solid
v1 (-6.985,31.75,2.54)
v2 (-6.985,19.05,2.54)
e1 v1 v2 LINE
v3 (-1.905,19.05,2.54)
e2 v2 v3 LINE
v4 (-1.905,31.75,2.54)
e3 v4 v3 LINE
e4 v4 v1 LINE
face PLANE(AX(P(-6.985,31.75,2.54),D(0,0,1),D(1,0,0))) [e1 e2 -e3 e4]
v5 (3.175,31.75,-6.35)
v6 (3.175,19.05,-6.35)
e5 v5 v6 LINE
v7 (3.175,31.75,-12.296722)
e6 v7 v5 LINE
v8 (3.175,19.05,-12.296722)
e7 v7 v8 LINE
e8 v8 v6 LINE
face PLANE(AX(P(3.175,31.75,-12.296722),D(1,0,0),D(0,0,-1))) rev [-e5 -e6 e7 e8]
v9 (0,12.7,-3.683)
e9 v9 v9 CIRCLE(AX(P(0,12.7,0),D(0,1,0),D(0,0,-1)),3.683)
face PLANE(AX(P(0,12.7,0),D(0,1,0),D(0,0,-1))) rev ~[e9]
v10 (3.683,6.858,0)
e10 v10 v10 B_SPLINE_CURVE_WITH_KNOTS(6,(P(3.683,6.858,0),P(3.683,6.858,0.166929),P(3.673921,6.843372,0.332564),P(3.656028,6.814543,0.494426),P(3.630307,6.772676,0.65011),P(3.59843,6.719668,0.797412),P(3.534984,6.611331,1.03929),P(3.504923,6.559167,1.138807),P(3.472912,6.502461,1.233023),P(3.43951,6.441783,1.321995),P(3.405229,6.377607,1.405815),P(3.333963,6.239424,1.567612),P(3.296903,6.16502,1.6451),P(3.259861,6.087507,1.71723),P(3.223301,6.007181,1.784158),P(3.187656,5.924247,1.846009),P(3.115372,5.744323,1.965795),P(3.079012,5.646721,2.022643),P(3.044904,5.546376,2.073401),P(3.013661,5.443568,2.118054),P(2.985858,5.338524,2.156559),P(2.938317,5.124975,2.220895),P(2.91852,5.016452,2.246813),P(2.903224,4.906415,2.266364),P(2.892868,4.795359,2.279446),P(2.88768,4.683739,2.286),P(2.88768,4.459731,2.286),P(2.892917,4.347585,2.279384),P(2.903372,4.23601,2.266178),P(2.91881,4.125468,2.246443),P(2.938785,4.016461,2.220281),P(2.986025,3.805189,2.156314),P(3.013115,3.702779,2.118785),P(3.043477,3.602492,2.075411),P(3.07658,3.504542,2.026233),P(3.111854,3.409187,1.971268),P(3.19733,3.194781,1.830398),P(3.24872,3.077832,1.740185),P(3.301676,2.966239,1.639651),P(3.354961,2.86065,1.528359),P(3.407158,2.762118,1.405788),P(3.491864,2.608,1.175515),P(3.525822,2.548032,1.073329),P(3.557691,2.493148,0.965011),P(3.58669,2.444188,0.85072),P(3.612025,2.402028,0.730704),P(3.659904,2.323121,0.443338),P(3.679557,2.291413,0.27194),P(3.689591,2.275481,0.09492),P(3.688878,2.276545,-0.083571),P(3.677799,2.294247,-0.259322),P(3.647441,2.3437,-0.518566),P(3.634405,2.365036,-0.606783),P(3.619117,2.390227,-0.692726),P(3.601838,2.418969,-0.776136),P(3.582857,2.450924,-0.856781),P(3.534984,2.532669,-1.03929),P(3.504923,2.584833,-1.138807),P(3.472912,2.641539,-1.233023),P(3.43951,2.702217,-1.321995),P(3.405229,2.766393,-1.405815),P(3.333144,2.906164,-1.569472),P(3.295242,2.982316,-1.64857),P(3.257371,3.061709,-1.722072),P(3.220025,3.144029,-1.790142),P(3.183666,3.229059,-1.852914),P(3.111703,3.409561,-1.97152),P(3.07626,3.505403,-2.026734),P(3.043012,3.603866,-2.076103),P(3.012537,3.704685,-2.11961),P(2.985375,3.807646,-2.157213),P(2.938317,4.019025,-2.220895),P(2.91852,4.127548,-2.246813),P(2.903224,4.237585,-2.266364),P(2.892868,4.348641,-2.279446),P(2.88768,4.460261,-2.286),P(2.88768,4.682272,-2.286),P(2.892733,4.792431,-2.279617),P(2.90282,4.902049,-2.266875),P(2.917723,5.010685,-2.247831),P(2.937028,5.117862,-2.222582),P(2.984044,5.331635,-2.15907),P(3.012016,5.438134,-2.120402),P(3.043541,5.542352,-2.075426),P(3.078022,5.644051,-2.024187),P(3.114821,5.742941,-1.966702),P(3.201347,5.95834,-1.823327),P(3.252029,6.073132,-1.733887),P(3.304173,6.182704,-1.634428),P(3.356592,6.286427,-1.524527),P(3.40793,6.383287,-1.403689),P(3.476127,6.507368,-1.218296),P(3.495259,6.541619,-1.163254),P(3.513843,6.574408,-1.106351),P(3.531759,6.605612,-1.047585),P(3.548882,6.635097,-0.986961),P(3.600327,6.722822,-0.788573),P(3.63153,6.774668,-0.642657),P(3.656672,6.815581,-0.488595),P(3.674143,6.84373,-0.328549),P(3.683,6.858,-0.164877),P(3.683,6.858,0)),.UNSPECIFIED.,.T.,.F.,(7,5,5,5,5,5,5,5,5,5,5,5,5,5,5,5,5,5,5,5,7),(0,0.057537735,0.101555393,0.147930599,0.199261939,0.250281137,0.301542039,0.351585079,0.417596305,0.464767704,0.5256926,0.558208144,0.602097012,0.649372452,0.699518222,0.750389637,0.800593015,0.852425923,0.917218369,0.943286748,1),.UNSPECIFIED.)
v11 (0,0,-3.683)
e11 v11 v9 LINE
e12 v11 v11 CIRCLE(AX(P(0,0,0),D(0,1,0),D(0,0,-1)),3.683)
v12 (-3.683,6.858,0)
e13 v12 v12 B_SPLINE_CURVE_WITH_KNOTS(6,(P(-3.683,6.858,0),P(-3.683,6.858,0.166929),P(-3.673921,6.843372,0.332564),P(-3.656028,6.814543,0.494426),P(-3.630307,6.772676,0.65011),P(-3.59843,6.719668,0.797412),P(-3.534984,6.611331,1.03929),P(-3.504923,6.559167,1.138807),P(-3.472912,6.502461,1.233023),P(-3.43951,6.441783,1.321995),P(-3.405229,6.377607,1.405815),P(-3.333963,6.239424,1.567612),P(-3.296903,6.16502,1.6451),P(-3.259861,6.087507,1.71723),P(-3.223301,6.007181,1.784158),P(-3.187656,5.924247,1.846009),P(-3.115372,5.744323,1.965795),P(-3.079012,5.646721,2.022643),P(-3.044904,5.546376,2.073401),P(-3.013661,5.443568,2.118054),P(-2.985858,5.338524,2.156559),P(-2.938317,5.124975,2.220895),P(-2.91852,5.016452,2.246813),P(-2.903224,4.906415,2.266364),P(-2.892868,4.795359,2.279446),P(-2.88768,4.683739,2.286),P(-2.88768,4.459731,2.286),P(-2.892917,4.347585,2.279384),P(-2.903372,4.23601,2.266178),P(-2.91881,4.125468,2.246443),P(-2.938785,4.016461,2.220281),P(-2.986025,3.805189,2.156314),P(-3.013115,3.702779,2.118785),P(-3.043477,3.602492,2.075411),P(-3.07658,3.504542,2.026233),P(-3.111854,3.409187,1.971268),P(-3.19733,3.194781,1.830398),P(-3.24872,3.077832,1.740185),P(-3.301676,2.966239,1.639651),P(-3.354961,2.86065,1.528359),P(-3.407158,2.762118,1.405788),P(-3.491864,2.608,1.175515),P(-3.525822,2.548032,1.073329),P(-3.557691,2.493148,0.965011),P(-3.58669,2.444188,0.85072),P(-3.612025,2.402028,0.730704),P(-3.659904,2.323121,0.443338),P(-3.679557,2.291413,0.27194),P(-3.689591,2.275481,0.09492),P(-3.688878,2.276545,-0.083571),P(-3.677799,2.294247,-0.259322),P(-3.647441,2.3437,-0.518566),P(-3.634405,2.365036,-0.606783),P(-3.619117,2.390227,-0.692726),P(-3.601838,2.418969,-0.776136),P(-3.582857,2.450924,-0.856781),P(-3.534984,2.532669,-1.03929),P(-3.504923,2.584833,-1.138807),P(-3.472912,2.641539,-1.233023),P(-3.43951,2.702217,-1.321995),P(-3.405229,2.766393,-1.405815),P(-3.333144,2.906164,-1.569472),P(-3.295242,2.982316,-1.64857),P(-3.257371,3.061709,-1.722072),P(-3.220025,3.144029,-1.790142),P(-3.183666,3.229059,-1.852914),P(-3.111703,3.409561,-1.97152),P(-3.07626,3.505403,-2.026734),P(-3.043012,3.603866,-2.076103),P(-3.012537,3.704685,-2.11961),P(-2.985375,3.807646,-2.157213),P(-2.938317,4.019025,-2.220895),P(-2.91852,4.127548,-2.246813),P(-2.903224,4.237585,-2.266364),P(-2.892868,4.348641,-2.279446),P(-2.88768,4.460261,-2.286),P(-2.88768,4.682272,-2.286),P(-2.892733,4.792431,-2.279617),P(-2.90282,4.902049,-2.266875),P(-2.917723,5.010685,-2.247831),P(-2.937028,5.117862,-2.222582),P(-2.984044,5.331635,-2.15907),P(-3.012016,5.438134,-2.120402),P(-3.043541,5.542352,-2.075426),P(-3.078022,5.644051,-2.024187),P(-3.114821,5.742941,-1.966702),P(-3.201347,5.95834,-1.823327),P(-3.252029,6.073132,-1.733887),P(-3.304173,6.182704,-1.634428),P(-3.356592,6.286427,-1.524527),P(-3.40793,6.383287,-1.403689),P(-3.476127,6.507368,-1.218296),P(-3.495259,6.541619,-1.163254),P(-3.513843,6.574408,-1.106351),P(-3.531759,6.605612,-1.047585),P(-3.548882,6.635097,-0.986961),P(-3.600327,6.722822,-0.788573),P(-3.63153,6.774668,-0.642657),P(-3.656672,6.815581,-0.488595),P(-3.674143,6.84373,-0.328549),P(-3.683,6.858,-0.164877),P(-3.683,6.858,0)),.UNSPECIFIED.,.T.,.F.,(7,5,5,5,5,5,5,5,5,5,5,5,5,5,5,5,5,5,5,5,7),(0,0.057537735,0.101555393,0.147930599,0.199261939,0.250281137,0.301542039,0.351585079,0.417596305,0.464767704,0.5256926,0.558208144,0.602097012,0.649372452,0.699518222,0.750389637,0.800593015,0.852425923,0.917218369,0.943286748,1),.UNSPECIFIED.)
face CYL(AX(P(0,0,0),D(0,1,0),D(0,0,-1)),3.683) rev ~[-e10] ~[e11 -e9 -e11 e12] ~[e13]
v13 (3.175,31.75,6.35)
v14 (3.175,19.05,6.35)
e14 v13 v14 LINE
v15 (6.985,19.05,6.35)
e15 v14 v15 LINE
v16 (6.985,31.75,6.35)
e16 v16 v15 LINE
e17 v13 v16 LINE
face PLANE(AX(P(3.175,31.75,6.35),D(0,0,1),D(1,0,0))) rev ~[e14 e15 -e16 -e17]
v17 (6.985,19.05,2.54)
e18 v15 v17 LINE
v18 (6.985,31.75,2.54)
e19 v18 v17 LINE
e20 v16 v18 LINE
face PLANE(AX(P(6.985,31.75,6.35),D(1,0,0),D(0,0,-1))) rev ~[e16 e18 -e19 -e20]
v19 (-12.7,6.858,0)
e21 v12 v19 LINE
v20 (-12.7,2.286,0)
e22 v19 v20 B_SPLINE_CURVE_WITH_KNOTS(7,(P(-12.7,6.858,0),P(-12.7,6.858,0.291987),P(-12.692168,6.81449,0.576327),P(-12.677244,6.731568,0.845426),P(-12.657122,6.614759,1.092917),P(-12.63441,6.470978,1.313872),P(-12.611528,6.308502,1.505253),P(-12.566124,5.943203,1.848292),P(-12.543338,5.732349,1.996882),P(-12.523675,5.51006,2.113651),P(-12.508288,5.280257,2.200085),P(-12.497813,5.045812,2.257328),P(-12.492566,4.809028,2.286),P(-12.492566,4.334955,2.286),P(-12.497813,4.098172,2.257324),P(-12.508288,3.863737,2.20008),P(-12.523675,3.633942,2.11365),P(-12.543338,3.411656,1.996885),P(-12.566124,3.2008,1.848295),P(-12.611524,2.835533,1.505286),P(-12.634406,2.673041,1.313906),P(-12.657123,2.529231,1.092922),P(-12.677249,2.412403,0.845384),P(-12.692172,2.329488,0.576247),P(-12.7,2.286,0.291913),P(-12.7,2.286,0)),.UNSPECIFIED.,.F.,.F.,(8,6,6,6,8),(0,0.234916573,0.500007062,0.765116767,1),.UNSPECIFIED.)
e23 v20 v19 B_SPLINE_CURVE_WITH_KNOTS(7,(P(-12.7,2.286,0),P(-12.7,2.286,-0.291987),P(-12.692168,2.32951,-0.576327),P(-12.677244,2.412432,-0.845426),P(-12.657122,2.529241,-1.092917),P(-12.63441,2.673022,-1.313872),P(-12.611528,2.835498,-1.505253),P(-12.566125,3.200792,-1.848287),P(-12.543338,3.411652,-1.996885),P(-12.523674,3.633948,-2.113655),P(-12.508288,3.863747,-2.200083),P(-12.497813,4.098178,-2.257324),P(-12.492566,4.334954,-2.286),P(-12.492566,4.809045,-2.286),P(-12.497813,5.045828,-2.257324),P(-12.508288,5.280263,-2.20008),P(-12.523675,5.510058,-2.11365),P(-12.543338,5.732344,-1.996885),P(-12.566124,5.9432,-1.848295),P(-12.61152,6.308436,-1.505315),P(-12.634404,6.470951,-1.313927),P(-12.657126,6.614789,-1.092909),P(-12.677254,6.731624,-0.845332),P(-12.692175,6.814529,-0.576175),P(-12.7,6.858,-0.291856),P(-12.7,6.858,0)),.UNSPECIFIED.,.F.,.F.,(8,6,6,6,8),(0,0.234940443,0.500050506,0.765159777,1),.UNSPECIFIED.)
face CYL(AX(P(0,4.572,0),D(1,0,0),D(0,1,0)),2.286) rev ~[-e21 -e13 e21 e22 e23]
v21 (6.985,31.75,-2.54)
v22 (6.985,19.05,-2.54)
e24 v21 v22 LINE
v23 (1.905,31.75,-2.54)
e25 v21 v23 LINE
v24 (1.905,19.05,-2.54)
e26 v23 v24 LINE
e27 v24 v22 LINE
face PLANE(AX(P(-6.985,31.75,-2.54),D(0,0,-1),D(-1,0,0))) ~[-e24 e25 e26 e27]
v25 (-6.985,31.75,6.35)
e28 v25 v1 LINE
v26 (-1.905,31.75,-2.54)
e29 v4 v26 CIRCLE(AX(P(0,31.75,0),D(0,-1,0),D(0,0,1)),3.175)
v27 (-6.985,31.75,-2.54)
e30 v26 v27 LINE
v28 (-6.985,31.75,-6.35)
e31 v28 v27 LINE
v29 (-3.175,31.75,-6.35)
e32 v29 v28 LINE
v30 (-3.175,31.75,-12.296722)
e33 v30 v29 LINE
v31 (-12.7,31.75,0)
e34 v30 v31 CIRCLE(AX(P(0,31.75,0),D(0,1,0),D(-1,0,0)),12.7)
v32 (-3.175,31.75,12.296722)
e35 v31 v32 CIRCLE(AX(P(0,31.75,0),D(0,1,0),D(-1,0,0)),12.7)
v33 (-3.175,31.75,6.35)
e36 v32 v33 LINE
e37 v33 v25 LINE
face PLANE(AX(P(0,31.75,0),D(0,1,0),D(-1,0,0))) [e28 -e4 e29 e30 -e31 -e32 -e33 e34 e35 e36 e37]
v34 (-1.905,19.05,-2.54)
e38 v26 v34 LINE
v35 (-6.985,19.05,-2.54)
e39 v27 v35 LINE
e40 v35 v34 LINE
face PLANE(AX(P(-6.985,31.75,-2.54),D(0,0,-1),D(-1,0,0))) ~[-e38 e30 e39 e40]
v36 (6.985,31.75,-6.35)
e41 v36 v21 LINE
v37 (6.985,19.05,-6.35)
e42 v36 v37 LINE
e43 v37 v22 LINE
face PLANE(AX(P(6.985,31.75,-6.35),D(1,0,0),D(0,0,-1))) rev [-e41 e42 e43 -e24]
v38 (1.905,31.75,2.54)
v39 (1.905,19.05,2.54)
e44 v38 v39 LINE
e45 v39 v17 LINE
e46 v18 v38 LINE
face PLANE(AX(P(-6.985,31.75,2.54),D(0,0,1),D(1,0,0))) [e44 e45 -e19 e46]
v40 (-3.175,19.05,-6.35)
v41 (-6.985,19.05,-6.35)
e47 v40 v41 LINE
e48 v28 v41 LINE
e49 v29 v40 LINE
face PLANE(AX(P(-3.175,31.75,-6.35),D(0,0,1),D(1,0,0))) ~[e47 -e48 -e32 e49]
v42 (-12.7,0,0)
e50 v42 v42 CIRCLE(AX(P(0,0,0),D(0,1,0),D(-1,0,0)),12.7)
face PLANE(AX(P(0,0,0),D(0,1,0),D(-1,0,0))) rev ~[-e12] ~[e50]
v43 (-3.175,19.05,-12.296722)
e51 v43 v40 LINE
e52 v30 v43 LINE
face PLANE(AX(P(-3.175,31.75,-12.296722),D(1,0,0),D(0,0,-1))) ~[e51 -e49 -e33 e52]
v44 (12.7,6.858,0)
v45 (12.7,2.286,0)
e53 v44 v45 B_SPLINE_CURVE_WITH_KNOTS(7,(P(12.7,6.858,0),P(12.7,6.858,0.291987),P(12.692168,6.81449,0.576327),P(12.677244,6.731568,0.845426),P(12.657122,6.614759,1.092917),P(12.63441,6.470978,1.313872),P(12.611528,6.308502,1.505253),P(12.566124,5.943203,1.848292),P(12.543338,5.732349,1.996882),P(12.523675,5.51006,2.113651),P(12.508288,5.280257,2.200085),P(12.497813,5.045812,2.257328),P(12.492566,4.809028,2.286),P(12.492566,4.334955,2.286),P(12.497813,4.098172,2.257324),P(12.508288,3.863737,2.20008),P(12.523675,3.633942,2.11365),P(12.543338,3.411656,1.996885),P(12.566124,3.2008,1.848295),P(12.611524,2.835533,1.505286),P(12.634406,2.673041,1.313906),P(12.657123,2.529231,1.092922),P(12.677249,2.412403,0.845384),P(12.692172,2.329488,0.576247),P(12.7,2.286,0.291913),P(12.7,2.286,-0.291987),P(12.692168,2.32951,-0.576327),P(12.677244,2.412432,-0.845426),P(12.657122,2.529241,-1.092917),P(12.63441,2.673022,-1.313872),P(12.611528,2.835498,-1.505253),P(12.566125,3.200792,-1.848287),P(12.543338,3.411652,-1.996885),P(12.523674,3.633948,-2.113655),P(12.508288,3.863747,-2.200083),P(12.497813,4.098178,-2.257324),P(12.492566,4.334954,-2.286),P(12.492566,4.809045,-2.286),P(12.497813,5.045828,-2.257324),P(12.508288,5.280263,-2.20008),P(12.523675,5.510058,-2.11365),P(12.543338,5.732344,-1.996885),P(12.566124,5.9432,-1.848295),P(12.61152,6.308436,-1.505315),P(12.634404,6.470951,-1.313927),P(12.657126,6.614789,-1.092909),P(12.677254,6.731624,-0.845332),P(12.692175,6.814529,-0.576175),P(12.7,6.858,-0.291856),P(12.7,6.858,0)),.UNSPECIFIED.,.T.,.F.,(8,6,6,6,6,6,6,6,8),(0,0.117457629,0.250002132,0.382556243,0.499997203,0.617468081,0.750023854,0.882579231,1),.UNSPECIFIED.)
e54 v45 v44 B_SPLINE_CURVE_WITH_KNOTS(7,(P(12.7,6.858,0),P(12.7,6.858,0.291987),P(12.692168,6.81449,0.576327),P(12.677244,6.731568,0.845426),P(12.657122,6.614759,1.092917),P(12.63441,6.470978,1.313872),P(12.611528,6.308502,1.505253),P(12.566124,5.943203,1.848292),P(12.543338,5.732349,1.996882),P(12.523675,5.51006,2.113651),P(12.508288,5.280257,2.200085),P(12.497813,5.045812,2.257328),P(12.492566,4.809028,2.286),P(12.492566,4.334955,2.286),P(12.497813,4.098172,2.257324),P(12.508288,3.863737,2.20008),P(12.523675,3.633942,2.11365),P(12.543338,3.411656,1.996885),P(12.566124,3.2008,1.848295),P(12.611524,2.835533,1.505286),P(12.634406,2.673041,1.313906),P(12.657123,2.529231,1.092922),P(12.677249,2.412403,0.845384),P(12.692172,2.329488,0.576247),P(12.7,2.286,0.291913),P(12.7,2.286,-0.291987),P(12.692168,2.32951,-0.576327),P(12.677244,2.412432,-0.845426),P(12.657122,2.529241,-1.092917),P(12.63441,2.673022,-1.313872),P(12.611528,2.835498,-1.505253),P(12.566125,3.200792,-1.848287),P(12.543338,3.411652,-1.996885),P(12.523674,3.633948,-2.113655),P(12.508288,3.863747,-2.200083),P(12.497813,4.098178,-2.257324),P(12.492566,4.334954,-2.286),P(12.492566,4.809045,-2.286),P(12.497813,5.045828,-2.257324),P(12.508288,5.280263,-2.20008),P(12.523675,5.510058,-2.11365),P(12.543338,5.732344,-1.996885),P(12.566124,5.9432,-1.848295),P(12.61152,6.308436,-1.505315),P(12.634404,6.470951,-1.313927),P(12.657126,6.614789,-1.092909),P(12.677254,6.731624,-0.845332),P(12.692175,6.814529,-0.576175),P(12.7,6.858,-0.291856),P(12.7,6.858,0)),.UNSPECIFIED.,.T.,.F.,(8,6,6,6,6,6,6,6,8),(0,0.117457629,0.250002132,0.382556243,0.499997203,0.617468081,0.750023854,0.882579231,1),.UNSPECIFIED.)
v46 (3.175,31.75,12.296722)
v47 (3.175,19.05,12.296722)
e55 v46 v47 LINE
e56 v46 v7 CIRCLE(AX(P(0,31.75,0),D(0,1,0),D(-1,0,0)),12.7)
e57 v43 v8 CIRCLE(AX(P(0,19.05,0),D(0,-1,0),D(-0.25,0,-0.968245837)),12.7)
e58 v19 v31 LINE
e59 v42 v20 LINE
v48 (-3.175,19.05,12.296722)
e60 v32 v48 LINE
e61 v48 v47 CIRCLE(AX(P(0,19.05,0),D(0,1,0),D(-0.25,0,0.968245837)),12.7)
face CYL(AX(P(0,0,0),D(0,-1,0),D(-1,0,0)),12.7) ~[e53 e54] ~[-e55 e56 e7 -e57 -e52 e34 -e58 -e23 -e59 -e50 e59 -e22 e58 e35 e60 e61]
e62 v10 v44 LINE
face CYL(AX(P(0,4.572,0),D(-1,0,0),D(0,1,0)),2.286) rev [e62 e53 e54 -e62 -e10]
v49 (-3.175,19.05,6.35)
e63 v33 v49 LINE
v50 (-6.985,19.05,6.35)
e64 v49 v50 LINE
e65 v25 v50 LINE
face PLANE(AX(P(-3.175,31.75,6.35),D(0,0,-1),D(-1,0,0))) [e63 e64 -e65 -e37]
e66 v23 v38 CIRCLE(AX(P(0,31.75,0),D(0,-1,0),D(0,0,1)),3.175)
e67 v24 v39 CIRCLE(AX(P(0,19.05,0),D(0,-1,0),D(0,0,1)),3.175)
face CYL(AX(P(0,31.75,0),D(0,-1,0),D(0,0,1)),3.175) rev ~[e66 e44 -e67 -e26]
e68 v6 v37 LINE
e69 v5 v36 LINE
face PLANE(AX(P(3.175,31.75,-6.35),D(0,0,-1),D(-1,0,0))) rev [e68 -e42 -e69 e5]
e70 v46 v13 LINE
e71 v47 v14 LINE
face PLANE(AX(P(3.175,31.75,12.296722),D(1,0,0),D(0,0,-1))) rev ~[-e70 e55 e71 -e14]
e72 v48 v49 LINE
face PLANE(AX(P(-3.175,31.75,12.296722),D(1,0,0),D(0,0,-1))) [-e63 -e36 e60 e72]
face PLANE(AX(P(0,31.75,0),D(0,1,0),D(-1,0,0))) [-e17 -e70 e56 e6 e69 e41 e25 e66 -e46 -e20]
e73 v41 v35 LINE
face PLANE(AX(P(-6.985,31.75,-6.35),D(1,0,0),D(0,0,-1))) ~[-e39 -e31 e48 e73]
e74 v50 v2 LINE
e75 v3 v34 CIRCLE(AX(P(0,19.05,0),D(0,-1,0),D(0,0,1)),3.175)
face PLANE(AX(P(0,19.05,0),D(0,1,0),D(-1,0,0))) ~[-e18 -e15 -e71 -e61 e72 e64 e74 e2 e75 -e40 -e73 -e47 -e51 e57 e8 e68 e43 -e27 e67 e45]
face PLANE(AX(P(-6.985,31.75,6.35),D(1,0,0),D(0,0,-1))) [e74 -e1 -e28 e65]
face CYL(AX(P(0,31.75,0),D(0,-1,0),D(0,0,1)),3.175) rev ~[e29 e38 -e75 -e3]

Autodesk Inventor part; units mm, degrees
ref_plane "YZ Plane" through (0, 0, 0) normal (1, 0, 0) x (0, 1, 0)
ref_plane "XZ Plane" through (0, 0, 0) normal (0, 1, 0) x (-1, 0, 0)
ref_plane "XY Plane" through (0, 0, 0) normal (0, 0, 1) x (1, 0, 0)
sketch "Sketch1" plane through (0, 0, 0) normal (0, 1, 0) x (-1, 0, 0)
  circle A0 centre (0, 0) radius 12.7
  dimension "d0" = 25.4
extrude "Extrusion1" add sketch "Sketch1" along normal blind 31.75
sketch "Sketch3" plane through (0, 31.75, 0) normal (0, 1, 0) x (1, 0, 0)
  circle A0 centre (0, 0) radius 12.7 projected
  line L0 (0, -12.7) -> (-3.175, -12.7)
  line L1 (-3.175, -12.7) -> (-3.175, -6.35)
  line L2 (-3.175, -6.35) -> (-6.985, -6.35)
  line L3 (-6.985, -6.35) -> (-6.985, -2.54)
  line L4 (-6.985, -2.54) -> (0, -2.54)
  line L5 (0, -12.7) -> (0, -2.54)
  line L6 (0, -12.7) -> (3.175, -12.7)
  line L7 (3.175, -12.7) -> (3.175, -6.35)
  line L8 (3.175, -6.35) -> (6.985, -6.35)
  line L9 (6.985, -6.35) -> (6.985, -2.54)
  line L10 (6.985, -2.54) -> (0, -2.54)
  point P0 (-3.175, -12.2967)
  point P1 (3.175, -12.2967)
  dimension "d3" = 3.175
  dimension "d4" = 6.35
  dimension "d5" = 3.81
  dimension "d6" = 3.81
extrude "Extrusion2" cut sketch "Sketch3" against normal blind 12.7 contours L1 L2 L3 L4 L5 A0 | A0 L5 L10 L9 L8 L7
mirror "Mirror1" about plane through (0, 0, 0) normal (0, 0, 1) of "Extrusion2"
sketch "Sketch4" plane through (0, 31.75, 0) normal (0, 1, 0) x (1, 0, 0)
  point P0 (0, 0)
  point P1 (0, 0)
hole "Hole1" at (0, 31.75, 0) direction (0, -1, 0) diameter 6.35 depth 12.7 clearance for "Flat Head Machine Screw" size "M6" standard "Ansi Metric M Profile"
sketch "Sketch5" plane through (0, 0, 0) normal (0, -1, 0) x (1, 0, 0)
  point P0 (0, 0)
  point P1 (0, 0)
hole "Hole2" at (0, 0, 0) direction (0, 1, 0) diameter 7.366 depth 12.7
sketch "Sketch8" plane through (0, 0, 0) normal (1, 0, 0) x (0, 1, 0)
  circle A0 centre (4.572, 0) radius 2.286
  line L0 (0, -12.7) -> (0, 12.7) projected
  point P0 (0, 0)
  dimension "d33" = 4.572
  dimension "d34" = 4.572
extrude "Extrusion5" cut sketch "Sketch8" along normal mid plane 25.4
properties part number "hub"
